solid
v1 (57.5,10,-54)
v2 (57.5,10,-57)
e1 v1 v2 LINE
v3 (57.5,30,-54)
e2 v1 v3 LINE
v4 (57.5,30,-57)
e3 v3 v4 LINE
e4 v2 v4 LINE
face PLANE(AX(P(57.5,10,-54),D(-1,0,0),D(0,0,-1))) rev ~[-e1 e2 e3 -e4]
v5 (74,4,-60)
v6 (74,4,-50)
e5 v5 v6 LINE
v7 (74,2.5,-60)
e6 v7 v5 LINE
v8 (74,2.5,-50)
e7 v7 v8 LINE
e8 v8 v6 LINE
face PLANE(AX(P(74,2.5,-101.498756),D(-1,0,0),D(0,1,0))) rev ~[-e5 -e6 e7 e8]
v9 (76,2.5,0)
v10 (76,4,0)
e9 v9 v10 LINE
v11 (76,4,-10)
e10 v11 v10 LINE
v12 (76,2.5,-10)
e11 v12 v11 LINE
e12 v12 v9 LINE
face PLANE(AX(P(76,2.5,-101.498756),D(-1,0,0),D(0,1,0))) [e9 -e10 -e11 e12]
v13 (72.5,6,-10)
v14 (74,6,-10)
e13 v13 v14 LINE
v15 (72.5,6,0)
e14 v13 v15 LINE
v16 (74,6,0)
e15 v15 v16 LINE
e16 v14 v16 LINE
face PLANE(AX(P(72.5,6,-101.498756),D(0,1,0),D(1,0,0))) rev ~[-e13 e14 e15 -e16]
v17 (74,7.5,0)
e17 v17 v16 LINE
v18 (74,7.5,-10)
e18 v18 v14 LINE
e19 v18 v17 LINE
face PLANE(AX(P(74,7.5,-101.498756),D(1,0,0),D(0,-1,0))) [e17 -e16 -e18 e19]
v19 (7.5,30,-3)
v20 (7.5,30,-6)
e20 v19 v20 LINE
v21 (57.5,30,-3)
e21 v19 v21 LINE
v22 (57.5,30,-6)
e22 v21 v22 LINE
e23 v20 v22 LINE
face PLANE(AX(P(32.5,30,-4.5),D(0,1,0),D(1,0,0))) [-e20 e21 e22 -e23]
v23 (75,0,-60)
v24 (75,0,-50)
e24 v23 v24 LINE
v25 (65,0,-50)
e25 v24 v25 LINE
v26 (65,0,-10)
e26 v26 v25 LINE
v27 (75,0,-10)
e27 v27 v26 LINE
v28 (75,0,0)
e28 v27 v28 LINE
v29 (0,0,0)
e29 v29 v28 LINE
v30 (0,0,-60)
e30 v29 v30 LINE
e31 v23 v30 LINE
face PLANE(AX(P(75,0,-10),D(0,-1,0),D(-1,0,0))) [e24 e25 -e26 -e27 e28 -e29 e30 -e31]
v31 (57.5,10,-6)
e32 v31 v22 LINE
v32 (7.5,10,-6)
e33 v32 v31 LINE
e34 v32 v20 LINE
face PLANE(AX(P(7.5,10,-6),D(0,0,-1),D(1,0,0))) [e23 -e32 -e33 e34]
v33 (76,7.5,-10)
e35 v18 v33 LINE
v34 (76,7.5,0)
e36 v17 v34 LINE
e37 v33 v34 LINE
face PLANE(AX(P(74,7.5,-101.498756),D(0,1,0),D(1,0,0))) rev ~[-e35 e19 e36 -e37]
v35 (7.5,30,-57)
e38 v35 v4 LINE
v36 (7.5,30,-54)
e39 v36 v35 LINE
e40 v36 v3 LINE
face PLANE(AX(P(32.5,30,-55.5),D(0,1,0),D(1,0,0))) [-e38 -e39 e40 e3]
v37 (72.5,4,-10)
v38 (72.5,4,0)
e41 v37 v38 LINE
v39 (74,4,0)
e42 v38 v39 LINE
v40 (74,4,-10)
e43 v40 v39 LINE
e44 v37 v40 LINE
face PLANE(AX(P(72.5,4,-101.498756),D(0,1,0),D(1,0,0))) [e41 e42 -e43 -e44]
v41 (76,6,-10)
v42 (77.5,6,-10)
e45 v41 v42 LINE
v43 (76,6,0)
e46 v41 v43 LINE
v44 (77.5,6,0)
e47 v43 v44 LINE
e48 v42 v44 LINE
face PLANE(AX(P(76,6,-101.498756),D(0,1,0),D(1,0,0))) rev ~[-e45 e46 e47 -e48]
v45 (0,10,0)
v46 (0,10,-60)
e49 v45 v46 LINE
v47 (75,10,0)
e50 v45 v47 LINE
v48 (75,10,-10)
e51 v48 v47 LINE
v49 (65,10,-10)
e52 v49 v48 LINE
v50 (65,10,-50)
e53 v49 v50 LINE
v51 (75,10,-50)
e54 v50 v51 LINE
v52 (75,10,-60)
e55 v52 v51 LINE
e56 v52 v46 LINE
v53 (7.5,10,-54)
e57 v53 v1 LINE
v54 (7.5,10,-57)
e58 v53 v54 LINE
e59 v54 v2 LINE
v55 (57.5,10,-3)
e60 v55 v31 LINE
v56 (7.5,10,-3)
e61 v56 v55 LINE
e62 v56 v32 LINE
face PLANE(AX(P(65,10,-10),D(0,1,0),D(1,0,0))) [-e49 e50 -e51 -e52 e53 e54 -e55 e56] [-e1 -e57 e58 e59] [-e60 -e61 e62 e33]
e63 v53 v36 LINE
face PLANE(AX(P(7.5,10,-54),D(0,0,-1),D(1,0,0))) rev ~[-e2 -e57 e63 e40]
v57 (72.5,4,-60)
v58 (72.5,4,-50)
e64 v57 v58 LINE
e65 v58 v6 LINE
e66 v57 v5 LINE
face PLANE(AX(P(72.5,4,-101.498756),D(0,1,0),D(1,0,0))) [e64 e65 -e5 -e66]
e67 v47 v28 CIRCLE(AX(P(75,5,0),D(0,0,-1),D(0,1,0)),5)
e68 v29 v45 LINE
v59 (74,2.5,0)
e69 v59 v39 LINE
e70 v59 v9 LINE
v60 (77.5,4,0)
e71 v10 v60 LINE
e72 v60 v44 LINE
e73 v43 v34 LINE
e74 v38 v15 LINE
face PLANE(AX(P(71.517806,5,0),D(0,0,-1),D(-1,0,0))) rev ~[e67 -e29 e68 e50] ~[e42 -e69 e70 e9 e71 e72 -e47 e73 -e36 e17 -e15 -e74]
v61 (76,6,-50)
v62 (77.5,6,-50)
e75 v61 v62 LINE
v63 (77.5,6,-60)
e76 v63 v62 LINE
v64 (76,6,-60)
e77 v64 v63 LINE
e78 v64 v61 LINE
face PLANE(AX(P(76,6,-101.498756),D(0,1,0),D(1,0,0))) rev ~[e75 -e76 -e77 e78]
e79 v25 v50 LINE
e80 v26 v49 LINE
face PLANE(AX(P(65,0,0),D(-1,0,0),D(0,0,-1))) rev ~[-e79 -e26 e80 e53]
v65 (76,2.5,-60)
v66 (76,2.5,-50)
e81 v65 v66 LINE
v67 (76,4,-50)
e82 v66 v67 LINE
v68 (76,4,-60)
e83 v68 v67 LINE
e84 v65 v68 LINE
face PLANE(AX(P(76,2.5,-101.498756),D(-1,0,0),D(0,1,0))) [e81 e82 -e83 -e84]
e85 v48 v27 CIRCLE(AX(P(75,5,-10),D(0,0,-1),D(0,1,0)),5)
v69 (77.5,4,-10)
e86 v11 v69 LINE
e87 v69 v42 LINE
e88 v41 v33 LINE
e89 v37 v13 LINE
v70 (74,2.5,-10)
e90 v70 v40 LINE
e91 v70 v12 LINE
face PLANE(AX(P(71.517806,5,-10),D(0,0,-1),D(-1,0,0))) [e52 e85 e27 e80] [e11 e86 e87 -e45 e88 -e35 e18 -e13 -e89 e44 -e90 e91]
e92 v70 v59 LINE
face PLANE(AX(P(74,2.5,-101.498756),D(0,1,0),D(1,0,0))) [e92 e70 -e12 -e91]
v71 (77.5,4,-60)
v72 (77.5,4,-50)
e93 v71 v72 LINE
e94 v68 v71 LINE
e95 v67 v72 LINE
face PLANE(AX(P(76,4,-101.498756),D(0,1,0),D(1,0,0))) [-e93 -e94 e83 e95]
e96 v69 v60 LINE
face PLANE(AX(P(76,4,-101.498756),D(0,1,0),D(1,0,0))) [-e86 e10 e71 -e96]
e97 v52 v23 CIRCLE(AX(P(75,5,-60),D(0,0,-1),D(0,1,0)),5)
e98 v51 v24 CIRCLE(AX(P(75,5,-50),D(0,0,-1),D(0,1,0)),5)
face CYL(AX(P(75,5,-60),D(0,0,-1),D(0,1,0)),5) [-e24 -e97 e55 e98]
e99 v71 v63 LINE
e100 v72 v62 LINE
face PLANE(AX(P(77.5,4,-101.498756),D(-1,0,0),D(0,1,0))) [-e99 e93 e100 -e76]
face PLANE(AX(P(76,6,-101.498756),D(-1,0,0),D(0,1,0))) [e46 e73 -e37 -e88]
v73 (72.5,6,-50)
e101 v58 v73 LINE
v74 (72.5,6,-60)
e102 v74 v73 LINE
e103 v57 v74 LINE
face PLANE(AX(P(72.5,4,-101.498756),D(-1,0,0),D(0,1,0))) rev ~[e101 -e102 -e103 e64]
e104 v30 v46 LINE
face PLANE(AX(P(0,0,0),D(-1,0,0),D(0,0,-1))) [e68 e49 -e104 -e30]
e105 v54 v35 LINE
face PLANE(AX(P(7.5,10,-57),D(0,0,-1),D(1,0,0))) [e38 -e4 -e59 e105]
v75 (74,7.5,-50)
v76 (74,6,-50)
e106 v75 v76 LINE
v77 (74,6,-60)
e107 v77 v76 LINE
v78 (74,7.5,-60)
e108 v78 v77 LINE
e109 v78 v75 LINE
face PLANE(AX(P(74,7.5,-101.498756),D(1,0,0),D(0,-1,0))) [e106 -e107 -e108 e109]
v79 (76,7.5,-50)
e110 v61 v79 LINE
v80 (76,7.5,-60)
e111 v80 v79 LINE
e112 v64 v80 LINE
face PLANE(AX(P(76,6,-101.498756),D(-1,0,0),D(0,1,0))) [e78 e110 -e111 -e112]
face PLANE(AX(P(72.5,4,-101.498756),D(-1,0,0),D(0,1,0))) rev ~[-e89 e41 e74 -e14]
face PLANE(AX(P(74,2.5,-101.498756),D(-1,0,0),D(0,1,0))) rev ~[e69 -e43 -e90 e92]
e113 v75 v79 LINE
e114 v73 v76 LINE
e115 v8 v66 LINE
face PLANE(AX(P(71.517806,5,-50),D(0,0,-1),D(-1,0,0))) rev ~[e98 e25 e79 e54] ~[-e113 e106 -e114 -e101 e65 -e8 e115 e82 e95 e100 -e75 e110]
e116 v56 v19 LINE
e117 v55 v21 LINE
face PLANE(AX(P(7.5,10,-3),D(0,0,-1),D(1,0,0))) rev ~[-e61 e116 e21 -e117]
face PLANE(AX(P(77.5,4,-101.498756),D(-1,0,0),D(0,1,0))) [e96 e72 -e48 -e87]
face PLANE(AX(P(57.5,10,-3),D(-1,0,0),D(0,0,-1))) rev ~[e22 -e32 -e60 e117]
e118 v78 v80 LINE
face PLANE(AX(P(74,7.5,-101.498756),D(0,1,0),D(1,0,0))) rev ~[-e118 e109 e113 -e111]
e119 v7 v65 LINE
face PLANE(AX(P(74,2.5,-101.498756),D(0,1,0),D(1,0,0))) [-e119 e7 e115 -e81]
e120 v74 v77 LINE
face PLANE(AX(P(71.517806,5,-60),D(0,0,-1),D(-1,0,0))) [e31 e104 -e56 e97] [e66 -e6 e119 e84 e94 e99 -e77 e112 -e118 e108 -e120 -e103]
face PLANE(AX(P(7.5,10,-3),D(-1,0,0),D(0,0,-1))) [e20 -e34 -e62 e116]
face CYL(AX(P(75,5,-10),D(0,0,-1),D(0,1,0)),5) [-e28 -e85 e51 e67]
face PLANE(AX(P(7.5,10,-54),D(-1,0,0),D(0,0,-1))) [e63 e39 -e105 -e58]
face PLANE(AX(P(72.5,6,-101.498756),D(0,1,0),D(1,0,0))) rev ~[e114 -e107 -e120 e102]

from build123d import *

# Parameters (mm, degrees)
SKETCH1_W               = 65
SKETCH1_H               = 60
BOSS_EXTRUDE1_DEPTH     = 10
BOSS_EXTRUDE2_DEPTH     = 10
BOSS_EXTRUDE3_START     = -10
BOSS_EXTRUDE3_DEPTH     = 10
CUT_EXTRUDE1_DEPTH      = 101.498756211
CUT_EXTRUDE1_DEPTH_BACK = 101.498756211
SKETCH7_W               = 1.5
SKETCH7_H               = 2
SKETCH7_W_2             = 2
SKETCH7_H_2             = 1.5
SKETCH8_W               = 50
SKETCH8_H               = 3
BOSS_EXTRUDE4_DEPTH     = 20


with BuildPart() as part:
    # Sketch1 → Boss-Extrude1 (new body)
    with BuildSketch(Plane(origin=(0, 0, 0), x_dir=(1, 0, 0), z_dir=(0, 1, 0))):
        with Locations((32.5, 30)):
            Rectangle(SKETCH1_W, SKETCH1_H)
    extrude(amount=BOSS_EXTRUDE1_DEPTH)

    # Sketch2 → Boss-Extrude2 (add)
    with BuildSketch(Plane(origin=(0, 0, -60), x_dir=(-1, 0, 0), z_dir=(0, 0, -1))):
        with BuildLine():
            Line((-65, 10), (-75, 10))
            ThreePointArc((-75, 10), (-80, 5), (-75, 0))
            Line((-75, 0), (-65, 0))
            Line((-65, 0), (-65, 10))
        make_face()
    extrude(amount=-BOSS_EXTRUDE2_DEPTH)

    # Sketch6 → Boss-Extrude3 (add)
    with BuildSketch(Plane.XY.offset(BOSS_EXTRUDE3_START)):
        with BuildLine():
            Line((65, 10), (75, 10))
            ThreePointArc((75, 10), (80, 5), (75, 0))
            Line((75, 0), (65, 0))
            Line((65, 0), (65, 10))
        make_face()
    extrude(amount=BOSS_EXTRUDE3_DEPTH)

    # Sketch7 → Cut-Extrude1 (cut, two sides: drawn at the far end of the back side and taken through both)
    with BuildSketch(Plane.XY.offset(-CUT_EXTRUDE1_DEPTH_BACK)):
        with Locations((76.75, 5)):
            Rectangle(SKETCH7_W, SKETCH7_H)
        with Locations((75, 6.75)):
            Rectangle(SKETCH7_W_2, SKETCH7_H_2)
        with Locations((75, 5)):
            Rectangle(SKETCH7_W_2, SKETCH7_H)
        with Locations((73.25, 5)):
            Rectangle(SKETCH7_W, SKETCH7_H)
        with Locations((75, 3.25)):
            Rectangle(SKETCH7_W_2, SKETCH7_H_2)
    extrude(amount=CUT_EXTRUDE1_DEPTH + CUT_EXTRUDE1_DEPTH_BACK, mode=Mode.SUBTRACT)

    # Sketch8 → Boss-Extrude4 (add)
    with BuildSketch(Plane(origin=(0, 10, 0), x_dir=(1, 0, 0), z_dir=(0, 1, 0))):
        with Locations((32.5, 4.5)):
            Rectangle(SKETCH8_W, SKETCH8_H)
        with Locations((32.5, 55.5)):
            Rectangle(SKETCH8_W, SKETCH8_H)
    extrude(amount=BOSS_EXTRUDE4_DEPTH)


solid = part.part
